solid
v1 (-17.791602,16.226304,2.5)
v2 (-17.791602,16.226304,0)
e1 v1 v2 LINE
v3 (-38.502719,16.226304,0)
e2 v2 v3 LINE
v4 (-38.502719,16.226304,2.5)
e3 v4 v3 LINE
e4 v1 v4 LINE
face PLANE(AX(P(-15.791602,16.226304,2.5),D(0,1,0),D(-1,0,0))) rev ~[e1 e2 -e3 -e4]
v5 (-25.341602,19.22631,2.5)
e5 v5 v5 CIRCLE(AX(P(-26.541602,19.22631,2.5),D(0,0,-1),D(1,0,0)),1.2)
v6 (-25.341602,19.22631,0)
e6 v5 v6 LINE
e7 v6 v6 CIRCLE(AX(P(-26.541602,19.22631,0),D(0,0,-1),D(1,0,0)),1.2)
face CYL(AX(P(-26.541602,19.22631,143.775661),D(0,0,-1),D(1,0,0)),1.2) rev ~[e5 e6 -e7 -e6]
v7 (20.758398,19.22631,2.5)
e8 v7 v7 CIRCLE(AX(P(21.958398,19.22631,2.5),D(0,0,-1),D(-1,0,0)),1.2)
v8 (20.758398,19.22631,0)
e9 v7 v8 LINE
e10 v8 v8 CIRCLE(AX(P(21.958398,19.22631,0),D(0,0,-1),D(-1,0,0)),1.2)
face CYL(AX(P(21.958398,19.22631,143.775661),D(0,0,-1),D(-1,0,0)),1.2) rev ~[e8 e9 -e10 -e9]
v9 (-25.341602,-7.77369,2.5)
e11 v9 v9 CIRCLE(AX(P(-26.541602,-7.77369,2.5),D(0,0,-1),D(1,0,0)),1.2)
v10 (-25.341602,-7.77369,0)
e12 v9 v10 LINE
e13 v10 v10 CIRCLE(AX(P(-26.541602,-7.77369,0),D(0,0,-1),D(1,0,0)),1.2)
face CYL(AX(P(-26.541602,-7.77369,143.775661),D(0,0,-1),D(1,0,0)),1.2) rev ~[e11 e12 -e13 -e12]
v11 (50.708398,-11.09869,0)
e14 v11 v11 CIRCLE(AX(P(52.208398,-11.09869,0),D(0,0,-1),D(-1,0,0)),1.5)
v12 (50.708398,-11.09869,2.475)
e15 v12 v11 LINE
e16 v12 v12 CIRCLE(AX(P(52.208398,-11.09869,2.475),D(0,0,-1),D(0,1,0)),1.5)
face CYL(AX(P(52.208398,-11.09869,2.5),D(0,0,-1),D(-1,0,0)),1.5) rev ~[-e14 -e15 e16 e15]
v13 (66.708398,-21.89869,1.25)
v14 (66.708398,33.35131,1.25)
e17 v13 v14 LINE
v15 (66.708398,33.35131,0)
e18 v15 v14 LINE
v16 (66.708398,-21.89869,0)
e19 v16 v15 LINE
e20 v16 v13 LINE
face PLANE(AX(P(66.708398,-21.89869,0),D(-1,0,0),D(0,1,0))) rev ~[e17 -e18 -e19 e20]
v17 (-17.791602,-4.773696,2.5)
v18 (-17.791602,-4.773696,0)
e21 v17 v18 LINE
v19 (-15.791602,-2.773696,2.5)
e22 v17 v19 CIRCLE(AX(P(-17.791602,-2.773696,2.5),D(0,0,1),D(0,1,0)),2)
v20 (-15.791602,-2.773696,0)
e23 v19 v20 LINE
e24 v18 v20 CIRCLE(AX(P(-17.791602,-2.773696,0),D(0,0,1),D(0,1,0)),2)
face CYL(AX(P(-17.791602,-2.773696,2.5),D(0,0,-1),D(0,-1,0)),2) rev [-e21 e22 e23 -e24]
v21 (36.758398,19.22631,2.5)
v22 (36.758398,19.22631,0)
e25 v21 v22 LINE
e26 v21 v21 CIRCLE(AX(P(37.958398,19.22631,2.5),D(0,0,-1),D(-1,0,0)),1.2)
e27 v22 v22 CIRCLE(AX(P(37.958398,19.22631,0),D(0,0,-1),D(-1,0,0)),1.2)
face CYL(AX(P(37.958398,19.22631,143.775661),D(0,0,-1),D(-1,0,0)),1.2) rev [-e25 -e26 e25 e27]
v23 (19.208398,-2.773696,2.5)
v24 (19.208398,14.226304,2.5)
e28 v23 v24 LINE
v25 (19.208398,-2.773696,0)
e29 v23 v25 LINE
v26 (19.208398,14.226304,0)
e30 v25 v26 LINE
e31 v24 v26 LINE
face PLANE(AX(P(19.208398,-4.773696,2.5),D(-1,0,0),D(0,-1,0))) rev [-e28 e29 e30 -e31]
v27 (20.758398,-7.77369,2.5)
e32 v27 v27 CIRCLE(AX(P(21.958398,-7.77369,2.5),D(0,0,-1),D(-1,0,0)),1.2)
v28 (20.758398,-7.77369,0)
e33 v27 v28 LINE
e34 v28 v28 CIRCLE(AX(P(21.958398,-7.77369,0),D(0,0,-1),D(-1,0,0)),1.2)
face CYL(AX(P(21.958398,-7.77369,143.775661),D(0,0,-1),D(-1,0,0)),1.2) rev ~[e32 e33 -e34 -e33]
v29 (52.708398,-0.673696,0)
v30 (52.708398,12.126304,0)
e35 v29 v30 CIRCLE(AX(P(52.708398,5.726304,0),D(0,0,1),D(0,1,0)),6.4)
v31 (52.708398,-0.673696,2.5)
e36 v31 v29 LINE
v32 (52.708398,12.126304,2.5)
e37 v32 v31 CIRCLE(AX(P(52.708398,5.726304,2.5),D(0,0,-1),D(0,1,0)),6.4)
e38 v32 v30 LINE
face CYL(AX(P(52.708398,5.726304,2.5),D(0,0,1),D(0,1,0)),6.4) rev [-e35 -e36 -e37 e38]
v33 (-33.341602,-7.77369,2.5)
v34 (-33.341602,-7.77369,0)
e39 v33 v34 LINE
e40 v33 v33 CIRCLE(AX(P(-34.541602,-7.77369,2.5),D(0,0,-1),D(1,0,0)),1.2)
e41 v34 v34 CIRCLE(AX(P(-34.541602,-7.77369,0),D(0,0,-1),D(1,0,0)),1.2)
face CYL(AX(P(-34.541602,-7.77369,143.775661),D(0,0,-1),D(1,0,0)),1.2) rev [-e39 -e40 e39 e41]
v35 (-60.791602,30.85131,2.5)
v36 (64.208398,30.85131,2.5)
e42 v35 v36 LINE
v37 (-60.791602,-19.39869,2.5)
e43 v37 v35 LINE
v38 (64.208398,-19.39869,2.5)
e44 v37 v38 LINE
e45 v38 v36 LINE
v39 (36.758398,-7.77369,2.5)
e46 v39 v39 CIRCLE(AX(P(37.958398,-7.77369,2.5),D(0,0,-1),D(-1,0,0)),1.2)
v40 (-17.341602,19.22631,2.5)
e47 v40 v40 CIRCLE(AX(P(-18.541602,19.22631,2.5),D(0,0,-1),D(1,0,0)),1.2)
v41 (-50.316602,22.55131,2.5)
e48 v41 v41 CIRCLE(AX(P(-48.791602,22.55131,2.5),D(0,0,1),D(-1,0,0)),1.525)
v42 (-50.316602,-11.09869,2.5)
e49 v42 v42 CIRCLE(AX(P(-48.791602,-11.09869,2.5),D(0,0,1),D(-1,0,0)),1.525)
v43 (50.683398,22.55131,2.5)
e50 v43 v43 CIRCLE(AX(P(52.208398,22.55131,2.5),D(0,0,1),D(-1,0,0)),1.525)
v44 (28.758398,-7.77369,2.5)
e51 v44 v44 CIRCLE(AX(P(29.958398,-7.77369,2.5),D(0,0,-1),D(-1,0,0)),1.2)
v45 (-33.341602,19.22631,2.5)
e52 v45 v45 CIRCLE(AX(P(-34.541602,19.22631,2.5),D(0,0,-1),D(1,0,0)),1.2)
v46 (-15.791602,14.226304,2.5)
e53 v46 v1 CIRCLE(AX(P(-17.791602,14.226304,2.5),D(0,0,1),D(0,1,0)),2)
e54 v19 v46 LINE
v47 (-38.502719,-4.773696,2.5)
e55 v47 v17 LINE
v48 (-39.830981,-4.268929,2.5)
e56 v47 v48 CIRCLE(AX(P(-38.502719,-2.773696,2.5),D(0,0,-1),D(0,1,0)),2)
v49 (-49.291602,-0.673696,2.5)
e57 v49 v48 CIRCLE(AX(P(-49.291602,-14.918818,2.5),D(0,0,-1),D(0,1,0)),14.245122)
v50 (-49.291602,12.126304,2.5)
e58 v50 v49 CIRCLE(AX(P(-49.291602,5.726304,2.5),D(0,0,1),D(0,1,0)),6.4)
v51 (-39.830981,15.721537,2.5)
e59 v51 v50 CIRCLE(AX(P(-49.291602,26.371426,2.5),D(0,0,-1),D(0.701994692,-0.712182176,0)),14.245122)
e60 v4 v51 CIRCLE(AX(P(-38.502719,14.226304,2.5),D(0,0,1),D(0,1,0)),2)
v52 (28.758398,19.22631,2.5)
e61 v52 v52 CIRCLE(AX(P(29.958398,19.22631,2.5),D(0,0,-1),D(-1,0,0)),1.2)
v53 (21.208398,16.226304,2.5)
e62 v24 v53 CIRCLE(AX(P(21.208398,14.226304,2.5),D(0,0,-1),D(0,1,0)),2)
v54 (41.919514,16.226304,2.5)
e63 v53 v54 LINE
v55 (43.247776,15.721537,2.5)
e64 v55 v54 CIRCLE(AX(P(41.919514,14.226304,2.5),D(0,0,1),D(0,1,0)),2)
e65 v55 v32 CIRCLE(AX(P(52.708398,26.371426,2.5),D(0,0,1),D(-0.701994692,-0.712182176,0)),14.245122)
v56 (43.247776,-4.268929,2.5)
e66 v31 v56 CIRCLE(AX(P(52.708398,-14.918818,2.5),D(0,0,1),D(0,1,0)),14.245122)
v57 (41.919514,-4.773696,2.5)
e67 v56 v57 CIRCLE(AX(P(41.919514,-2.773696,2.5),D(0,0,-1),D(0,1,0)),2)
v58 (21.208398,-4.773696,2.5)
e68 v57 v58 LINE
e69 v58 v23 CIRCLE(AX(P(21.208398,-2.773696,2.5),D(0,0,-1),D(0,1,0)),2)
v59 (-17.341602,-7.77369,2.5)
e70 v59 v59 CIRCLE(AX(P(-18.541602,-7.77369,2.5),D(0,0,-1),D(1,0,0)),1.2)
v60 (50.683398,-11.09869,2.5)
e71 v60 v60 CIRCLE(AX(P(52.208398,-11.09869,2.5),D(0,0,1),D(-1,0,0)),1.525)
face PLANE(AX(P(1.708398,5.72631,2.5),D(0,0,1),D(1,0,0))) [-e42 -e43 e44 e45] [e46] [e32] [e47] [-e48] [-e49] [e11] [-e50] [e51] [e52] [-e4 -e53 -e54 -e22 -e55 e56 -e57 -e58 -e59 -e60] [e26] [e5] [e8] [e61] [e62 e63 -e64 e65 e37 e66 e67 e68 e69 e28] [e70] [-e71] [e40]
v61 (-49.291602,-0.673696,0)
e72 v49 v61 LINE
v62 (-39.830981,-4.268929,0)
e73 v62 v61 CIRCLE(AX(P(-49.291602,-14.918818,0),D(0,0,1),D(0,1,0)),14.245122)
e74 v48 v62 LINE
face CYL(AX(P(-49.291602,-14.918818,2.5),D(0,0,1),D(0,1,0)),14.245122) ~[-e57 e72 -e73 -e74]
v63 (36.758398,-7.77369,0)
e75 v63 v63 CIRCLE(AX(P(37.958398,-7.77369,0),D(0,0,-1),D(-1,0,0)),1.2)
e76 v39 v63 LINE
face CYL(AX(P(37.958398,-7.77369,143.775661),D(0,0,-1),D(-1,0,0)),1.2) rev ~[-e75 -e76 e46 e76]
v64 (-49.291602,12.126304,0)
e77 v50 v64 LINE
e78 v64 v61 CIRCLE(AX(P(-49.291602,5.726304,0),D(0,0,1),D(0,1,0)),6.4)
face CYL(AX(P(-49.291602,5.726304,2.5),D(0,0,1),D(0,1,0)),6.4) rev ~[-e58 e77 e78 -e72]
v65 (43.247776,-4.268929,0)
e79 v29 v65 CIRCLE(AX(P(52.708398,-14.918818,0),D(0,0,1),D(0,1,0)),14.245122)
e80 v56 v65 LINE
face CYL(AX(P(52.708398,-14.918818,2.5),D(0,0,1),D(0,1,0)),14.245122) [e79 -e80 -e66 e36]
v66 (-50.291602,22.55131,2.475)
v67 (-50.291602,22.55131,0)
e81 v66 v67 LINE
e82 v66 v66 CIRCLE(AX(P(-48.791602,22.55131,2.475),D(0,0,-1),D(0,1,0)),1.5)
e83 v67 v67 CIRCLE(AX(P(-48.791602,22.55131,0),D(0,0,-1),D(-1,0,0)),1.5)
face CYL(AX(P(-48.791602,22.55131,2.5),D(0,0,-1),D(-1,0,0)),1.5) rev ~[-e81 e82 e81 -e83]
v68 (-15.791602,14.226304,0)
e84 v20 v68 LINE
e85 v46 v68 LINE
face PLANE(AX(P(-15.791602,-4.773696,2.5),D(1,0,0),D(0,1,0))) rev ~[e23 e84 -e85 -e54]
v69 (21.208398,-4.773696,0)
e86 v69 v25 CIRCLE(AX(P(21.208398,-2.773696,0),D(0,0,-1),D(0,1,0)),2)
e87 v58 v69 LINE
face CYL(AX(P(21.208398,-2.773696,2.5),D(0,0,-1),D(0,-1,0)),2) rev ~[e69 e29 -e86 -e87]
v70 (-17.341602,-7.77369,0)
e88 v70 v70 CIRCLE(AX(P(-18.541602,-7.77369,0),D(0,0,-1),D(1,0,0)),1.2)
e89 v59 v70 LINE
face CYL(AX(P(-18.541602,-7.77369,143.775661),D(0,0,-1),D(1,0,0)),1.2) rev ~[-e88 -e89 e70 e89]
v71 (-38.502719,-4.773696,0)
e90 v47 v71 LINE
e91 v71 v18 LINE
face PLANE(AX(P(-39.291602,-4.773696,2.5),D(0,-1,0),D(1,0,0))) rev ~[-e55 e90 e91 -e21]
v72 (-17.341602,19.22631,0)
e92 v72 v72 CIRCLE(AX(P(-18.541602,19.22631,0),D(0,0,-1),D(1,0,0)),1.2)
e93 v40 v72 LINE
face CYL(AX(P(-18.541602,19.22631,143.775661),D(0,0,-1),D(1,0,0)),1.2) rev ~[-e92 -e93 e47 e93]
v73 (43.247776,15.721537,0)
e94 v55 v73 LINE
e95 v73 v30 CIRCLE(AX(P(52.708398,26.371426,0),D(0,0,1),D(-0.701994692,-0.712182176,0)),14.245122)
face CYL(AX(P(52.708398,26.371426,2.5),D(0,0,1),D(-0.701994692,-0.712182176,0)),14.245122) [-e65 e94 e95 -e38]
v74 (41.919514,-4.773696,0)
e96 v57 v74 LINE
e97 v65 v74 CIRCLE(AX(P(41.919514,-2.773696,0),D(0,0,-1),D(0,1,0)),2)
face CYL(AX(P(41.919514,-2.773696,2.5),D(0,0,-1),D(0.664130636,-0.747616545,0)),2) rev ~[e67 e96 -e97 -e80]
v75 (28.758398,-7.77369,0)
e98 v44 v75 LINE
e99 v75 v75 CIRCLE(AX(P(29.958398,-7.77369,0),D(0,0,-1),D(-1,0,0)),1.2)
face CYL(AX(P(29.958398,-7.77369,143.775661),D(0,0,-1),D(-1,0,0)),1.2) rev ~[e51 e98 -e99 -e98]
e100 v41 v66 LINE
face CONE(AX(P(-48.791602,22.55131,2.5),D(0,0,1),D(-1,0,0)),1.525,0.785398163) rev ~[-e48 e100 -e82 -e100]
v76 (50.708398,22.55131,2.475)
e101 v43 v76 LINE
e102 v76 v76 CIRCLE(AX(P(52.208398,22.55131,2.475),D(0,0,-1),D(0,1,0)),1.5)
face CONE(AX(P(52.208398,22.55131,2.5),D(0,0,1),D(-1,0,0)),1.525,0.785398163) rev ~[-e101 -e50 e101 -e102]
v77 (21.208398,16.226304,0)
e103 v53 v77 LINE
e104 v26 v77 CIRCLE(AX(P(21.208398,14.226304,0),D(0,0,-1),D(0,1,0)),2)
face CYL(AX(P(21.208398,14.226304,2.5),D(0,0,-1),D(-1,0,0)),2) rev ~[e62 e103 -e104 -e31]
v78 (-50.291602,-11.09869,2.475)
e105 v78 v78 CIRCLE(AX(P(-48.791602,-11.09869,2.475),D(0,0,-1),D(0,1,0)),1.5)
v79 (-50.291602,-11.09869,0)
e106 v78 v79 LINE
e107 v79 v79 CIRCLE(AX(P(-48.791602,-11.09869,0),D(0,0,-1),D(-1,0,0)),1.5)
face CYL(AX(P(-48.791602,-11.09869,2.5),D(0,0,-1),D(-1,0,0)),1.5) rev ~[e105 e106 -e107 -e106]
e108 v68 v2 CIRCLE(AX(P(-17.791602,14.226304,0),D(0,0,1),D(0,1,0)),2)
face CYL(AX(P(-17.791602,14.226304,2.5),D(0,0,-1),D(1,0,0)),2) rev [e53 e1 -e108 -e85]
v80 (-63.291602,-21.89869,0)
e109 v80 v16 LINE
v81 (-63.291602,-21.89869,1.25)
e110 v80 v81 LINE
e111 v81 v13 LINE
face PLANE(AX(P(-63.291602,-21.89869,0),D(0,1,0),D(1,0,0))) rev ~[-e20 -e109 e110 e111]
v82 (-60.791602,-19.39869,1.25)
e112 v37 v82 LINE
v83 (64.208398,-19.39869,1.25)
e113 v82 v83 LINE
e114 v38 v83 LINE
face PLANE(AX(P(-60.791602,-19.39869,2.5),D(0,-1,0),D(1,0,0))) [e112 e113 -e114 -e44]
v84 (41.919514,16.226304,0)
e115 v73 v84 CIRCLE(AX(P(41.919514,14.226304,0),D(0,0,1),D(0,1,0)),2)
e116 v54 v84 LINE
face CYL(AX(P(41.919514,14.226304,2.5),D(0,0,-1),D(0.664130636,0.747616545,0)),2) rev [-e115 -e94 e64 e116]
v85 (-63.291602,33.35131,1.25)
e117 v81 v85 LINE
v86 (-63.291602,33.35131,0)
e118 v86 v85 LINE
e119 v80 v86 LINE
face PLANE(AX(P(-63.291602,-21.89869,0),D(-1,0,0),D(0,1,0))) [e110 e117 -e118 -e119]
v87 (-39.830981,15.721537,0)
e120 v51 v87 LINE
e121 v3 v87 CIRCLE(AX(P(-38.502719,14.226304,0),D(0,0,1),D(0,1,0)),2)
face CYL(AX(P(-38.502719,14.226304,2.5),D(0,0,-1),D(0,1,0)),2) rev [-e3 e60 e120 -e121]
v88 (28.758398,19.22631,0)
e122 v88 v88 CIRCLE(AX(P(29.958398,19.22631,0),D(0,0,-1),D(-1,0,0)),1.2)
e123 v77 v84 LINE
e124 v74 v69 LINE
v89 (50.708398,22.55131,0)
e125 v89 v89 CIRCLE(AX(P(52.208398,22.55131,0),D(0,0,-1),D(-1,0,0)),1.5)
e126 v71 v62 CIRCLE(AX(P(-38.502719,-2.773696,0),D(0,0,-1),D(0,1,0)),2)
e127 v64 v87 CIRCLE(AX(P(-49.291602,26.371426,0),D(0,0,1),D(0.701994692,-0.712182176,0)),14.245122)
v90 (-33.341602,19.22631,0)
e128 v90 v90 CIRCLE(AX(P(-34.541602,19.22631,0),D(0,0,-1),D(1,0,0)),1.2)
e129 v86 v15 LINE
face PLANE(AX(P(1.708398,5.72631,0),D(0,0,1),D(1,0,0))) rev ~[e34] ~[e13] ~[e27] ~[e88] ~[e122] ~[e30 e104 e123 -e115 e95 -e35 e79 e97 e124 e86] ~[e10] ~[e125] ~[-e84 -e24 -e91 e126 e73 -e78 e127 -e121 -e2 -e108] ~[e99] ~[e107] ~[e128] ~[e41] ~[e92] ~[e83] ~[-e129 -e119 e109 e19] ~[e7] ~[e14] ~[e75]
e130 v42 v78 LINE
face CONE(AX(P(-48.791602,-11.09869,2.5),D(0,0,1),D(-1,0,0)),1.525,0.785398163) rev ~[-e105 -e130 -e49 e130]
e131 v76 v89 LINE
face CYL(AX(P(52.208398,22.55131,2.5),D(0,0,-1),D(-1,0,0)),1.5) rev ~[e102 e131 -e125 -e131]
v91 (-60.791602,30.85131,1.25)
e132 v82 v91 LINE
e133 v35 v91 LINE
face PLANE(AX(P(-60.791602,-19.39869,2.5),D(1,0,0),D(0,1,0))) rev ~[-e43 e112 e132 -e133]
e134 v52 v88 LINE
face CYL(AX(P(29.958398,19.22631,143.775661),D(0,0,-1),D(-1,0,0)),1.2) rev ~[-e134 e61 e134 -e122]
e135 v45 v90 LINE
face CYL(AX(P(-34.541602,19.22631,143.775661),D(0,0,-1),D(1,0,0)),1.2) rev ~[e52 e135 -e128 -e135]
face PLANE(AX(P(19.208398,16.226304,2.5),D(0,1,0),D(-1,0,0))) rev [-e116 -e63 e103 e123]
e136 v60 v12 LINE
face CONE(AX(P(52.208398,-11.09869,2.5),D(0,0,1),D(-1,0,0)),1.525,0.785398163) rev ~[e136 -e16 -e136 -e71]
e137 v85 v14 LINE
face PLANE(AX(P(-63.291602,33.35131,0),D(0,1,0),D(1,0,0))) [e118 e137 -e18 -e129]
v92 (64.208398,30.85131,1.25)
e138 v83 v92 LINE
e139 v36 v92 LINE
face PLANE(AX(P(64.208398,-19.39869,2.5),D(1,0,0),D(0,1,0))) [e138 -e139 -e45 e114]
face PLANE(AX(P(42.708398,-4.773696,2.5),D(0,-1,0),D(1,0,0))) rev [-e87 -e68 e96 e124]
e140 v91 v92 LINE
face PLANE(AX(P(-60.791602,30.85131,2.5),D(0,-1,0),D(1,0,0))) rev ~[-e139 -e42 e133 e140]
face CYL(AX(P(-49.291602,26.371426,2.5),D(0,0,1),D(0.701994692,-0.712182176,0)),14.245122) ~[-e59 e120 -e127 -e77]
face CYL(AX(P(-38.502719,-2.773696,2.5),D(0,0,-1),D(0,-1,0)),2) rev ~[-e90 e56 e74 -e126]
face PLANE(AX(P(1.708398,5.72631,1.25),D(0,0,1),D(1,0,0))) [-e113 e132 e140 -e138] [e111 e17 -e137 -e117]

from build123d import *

# Parameters (mm, degrees)
ESBO_O1_W                         = 130
ESBO_O1_H                         = 55.25
RESSALTO_EXTRUS_O1_DEPTH          = 2.5
ESBO_O2_W                         = 130
ESBO_O2_H                         = 55.25
ESBO_O2_W_2                       = 125
ESBO_O2_H_2                       = 50.25
CORTE_EXTRUS_O1_DEPTH             = 1.25
FUROS_GUIA_COM_3_0MM2_D           = 3
FUROS_GUIA_COM_3_0MM2_CSINK_D     = 3.05
FUROS_GUIA_COM_3_0MM2_CSINK_ANGLE = 90
CUT_EXTRUDE1_DEPTH                = 10
FILETE1_R                         = 2
FURO_COM_FOLGA_DE_M21_D           = 2.4
PADR_O_LINEAR1_COUNT              = 3
PADR_O_LINEAR1_PITCH              = 8
ESPELHAR1_COPY_1_D                = 2.4
ESPELHAR1_COPY_2_D                = 2.4
ESPELHAR2_COPY_1_D                = 2.4
ESPELHAR2_COPY_2_D                = 2.4
ESPELHAR2_COPY_3_D                = 2.4
ESPELHAR2_COPY_4_D                = 2.4
ESPELHAR2_COPY_5_D                = 2.4
FILETE1_OF_ESPELHAR2_R            = 2


with BuildPart() as part:
    # Esboço1 → Ressalto-extrusão1 (new body)
    with BuildSketch(Plane.XY):
        with Locations((1.708397535, 5.726309707)):
            Rectangle(ESBO_O1_W, ESBO_O1_H)
    extrude(amount=RESSALTO_EXTRUS_O1_DEPTH)

    # Esboço2 → Corte-extrusão1 (cut)
    with BuildSketch(Plane.XY.offset(2.5)):
        with Locations((1.708397535, 5.726309707)):
            Rectangle(ESBO_O2_W, ESBO_O2_H)
        with Locations((1.708397535, 5.726309707)):
            Rectangle(ESBO_O2_W_2, ESBO_O2_H_2, mode=Mode.SUBTRACT)
    extrude(amount=-CORTE_EXTRUS_O1_DEPTH, mode=Mode.SUBTRACT)

    # Furos-guia com Ø3.0mm2 (through all)
    with Locations(Plane.XY.offset(2.5)):
        with Locations((-48.791602465, 22.551309707), (-48.791602465, -11.098690293), (52.208397535, -11.098690293), (52.208397535, 22.551309707)):
            CounterSinkHole(FUROS_GUIA_COM_3_0MM2_D / 2, FUROS_GUIA_COM_3_0MM2_CSINK_D / 2, counter_sink_angle=FUROS_GUIA_COM_3_0MM2_CSINK_ANGLE)

    # Sketch1 → Cut-Extrude1 (cut)
    with BuildSketch(Plane.XY.offset(2.5)):
        with BuildLine():
            Line((-39.291602465, -4.773695916), (-15.791602465, -4.773695916))
            Line((-15.791602465, -4.773695916), (-15.791602465, 16.226304084))
            Line((-15.791602465, 16.226304084), (-39.291602465, 16.226304084))
            ThreePointArc((-39.291602465, 16.226304084), (-43.887668713, 13.19109981), (-49.291602465, 12.126304084))
            ThreePointArc((-49.291602465, 12.126304084), (-55.691602465, 5.726304084), (-49.291602465, -0.673695916))
            ThreePointArc((-49.291602465, -0.673695916), (-43.887668713, -1.738491642), (-39.291602465, -4.773695916))
        make_face()
    cut_extrude1 = extrude(amount=-CUT_EXTRUDE1_DEPTH, mode=Mode.SUBTRACT)

    # Filete1
    filete1_edges = [part.edges().sort_by_distance(p)[0] for p in [
        (-39.291602465, -4.773695916, 1.25),
        (-39.291602465, 16.226304084, 1.25),
        (-15.791602465, 16.226304084, 1.25),
        (-15.791602465, -4.773695916, 1.25),
    ]]
    fillet(filete1_edges, radius=FILETE1_R)

    # Furo com folga de M21 (through all)
    with Locations(Plane.XY.offset(2.5)):
        with Locations((37.958397535, -7.773690293)):
            furo_com_folga_de_m21 = Hole(FURO_COM_FOLGA_DE_M21_D / 2)

    # Padrão linear1: Furo com folga de M21 ×3
    with Locations(*[(-i * PADR_O_LINEAR1_PITCH, 0, 0) for i in range(1, PADR_O_LINEAR1_COUNT)]):
        add(furo_com_folga_de_m21, mode=Mode.SUBTRACT)

    # Espelhar1: Furo com folga de M21 across plane
    add(furo_com_folga_de_m21.mirror(Plane(origin=(0, 5.726309707, 0), x_dir=(0, 0, 1), z_dir=(0, -1, 0))), mode=Mode.SUBTRACT)

    # Espelhar1 copy 1 (through all)
    with Locations(Plane(origin=(-8, 11.452619414, 2.5), x_dir=(1, 0, 0), z_dir=(0, 0, 1))):
        with Locations((37.958397535, 7.773690293)):
            Hole(ESPELHAR1_COPY_1_D / 2)

    # Espelhar1 copy 2 (through all)
    with Locations(Plane(origin=(-16, 11.452619414, 2.5), x_dir=(1, 0, 0), z_dir=(0, 0, 1))):
        with Locations((37.958397535, 7.773690293)):
            Hole(ESPELHAR1_COPY_2_D / 2)

    # Espelhar2: Cut-Extrude1, Furo com folga de M21 across plane
    add(cut_extrude1.mirror(Plane(origin=(1.708397535, 0, 0), x_dir=(0, 0, 1), z_dir=(1, 0, 0))), mode=Mode.SUBTRACT)
    add(furo_com_folga_de_m21.mirror(Plane(origin=(1.708397535, 0, 0), x_dir=(0, 0, 1), z_dir=(1, 0, 0))), mode=Mode.SUBTRACT)

    # Espelhar2 copy 1 (through all)
    with Locations(Plane(origin=(11.416795069, 0, 2.5), x_dir=(-1, 0, 0), z_dir=(0, 0, 1))):
        with Locations((37.958397535, 7.773690293)):
            Hole(ESPELHAR2_COPY_1_D / 2)

    # Espelhar2 copy 2 (through all)
    with Locations(Plane(origin=(19.416795069, 0, 2.5), x_dir=(-1, 0, 0), z_dir=(0, 0, 1))):
        with Locations((37.958397535, 7.773690293)):
            Hole(ESPELHAR2_COPY_2_D / 2)

    # Espelhar2 copy 3 (through all)
    with Locations(Plane(origin=(3.416795069, 11.452619414, 2.5), x_dir=(-1, 0, 0), z_dir=(0, 0, 1))):
        with Locations((37.958397535, -7.773690293)):
            Hole(ESPELHAR2_COPY_3_D / 2)

    # Espelhar2 copy 4 (through all)
    with Locations(Plane(origin=(11.416795069, 11.452619414, 2.5), x_dir=(-1, 0, 0), z_dir=(0, 0, 1))):
        with Locations((37.958397535, -7.773690293)):
            Hole(ESPELHAR2_COPY_4_D / 2)

    # Espelhar2 copy 5 (through all)
    with Locations(Plane(origin=(19.416795069, 11.452619414, 2.5), x_dir=(-1, 0, 0), z_dir=(0, 0, 1))):
        with Locations((37.958397535, -7.773690293)):
            Hole(ESPELHAR2_COPY_5_D / 2)

    # Filete1 of Espelhar2
    filete1_of_espelhar2_edges = [part.edges().sort_by_distance(p)[0] for p in [
        (42.708397535, -4.773695916, 1.25),
        (42.708397535, 16.226304084, 1.25),
        (19.208397535, 16.226304084, 1.25),
        (19.208397535, -4.773695916, 1.25),
    ]]
    fillet(filete1_of_espelhar2_edges, radius=FILETE1_OF_ESPELHAR2_R)


solid = part.part
